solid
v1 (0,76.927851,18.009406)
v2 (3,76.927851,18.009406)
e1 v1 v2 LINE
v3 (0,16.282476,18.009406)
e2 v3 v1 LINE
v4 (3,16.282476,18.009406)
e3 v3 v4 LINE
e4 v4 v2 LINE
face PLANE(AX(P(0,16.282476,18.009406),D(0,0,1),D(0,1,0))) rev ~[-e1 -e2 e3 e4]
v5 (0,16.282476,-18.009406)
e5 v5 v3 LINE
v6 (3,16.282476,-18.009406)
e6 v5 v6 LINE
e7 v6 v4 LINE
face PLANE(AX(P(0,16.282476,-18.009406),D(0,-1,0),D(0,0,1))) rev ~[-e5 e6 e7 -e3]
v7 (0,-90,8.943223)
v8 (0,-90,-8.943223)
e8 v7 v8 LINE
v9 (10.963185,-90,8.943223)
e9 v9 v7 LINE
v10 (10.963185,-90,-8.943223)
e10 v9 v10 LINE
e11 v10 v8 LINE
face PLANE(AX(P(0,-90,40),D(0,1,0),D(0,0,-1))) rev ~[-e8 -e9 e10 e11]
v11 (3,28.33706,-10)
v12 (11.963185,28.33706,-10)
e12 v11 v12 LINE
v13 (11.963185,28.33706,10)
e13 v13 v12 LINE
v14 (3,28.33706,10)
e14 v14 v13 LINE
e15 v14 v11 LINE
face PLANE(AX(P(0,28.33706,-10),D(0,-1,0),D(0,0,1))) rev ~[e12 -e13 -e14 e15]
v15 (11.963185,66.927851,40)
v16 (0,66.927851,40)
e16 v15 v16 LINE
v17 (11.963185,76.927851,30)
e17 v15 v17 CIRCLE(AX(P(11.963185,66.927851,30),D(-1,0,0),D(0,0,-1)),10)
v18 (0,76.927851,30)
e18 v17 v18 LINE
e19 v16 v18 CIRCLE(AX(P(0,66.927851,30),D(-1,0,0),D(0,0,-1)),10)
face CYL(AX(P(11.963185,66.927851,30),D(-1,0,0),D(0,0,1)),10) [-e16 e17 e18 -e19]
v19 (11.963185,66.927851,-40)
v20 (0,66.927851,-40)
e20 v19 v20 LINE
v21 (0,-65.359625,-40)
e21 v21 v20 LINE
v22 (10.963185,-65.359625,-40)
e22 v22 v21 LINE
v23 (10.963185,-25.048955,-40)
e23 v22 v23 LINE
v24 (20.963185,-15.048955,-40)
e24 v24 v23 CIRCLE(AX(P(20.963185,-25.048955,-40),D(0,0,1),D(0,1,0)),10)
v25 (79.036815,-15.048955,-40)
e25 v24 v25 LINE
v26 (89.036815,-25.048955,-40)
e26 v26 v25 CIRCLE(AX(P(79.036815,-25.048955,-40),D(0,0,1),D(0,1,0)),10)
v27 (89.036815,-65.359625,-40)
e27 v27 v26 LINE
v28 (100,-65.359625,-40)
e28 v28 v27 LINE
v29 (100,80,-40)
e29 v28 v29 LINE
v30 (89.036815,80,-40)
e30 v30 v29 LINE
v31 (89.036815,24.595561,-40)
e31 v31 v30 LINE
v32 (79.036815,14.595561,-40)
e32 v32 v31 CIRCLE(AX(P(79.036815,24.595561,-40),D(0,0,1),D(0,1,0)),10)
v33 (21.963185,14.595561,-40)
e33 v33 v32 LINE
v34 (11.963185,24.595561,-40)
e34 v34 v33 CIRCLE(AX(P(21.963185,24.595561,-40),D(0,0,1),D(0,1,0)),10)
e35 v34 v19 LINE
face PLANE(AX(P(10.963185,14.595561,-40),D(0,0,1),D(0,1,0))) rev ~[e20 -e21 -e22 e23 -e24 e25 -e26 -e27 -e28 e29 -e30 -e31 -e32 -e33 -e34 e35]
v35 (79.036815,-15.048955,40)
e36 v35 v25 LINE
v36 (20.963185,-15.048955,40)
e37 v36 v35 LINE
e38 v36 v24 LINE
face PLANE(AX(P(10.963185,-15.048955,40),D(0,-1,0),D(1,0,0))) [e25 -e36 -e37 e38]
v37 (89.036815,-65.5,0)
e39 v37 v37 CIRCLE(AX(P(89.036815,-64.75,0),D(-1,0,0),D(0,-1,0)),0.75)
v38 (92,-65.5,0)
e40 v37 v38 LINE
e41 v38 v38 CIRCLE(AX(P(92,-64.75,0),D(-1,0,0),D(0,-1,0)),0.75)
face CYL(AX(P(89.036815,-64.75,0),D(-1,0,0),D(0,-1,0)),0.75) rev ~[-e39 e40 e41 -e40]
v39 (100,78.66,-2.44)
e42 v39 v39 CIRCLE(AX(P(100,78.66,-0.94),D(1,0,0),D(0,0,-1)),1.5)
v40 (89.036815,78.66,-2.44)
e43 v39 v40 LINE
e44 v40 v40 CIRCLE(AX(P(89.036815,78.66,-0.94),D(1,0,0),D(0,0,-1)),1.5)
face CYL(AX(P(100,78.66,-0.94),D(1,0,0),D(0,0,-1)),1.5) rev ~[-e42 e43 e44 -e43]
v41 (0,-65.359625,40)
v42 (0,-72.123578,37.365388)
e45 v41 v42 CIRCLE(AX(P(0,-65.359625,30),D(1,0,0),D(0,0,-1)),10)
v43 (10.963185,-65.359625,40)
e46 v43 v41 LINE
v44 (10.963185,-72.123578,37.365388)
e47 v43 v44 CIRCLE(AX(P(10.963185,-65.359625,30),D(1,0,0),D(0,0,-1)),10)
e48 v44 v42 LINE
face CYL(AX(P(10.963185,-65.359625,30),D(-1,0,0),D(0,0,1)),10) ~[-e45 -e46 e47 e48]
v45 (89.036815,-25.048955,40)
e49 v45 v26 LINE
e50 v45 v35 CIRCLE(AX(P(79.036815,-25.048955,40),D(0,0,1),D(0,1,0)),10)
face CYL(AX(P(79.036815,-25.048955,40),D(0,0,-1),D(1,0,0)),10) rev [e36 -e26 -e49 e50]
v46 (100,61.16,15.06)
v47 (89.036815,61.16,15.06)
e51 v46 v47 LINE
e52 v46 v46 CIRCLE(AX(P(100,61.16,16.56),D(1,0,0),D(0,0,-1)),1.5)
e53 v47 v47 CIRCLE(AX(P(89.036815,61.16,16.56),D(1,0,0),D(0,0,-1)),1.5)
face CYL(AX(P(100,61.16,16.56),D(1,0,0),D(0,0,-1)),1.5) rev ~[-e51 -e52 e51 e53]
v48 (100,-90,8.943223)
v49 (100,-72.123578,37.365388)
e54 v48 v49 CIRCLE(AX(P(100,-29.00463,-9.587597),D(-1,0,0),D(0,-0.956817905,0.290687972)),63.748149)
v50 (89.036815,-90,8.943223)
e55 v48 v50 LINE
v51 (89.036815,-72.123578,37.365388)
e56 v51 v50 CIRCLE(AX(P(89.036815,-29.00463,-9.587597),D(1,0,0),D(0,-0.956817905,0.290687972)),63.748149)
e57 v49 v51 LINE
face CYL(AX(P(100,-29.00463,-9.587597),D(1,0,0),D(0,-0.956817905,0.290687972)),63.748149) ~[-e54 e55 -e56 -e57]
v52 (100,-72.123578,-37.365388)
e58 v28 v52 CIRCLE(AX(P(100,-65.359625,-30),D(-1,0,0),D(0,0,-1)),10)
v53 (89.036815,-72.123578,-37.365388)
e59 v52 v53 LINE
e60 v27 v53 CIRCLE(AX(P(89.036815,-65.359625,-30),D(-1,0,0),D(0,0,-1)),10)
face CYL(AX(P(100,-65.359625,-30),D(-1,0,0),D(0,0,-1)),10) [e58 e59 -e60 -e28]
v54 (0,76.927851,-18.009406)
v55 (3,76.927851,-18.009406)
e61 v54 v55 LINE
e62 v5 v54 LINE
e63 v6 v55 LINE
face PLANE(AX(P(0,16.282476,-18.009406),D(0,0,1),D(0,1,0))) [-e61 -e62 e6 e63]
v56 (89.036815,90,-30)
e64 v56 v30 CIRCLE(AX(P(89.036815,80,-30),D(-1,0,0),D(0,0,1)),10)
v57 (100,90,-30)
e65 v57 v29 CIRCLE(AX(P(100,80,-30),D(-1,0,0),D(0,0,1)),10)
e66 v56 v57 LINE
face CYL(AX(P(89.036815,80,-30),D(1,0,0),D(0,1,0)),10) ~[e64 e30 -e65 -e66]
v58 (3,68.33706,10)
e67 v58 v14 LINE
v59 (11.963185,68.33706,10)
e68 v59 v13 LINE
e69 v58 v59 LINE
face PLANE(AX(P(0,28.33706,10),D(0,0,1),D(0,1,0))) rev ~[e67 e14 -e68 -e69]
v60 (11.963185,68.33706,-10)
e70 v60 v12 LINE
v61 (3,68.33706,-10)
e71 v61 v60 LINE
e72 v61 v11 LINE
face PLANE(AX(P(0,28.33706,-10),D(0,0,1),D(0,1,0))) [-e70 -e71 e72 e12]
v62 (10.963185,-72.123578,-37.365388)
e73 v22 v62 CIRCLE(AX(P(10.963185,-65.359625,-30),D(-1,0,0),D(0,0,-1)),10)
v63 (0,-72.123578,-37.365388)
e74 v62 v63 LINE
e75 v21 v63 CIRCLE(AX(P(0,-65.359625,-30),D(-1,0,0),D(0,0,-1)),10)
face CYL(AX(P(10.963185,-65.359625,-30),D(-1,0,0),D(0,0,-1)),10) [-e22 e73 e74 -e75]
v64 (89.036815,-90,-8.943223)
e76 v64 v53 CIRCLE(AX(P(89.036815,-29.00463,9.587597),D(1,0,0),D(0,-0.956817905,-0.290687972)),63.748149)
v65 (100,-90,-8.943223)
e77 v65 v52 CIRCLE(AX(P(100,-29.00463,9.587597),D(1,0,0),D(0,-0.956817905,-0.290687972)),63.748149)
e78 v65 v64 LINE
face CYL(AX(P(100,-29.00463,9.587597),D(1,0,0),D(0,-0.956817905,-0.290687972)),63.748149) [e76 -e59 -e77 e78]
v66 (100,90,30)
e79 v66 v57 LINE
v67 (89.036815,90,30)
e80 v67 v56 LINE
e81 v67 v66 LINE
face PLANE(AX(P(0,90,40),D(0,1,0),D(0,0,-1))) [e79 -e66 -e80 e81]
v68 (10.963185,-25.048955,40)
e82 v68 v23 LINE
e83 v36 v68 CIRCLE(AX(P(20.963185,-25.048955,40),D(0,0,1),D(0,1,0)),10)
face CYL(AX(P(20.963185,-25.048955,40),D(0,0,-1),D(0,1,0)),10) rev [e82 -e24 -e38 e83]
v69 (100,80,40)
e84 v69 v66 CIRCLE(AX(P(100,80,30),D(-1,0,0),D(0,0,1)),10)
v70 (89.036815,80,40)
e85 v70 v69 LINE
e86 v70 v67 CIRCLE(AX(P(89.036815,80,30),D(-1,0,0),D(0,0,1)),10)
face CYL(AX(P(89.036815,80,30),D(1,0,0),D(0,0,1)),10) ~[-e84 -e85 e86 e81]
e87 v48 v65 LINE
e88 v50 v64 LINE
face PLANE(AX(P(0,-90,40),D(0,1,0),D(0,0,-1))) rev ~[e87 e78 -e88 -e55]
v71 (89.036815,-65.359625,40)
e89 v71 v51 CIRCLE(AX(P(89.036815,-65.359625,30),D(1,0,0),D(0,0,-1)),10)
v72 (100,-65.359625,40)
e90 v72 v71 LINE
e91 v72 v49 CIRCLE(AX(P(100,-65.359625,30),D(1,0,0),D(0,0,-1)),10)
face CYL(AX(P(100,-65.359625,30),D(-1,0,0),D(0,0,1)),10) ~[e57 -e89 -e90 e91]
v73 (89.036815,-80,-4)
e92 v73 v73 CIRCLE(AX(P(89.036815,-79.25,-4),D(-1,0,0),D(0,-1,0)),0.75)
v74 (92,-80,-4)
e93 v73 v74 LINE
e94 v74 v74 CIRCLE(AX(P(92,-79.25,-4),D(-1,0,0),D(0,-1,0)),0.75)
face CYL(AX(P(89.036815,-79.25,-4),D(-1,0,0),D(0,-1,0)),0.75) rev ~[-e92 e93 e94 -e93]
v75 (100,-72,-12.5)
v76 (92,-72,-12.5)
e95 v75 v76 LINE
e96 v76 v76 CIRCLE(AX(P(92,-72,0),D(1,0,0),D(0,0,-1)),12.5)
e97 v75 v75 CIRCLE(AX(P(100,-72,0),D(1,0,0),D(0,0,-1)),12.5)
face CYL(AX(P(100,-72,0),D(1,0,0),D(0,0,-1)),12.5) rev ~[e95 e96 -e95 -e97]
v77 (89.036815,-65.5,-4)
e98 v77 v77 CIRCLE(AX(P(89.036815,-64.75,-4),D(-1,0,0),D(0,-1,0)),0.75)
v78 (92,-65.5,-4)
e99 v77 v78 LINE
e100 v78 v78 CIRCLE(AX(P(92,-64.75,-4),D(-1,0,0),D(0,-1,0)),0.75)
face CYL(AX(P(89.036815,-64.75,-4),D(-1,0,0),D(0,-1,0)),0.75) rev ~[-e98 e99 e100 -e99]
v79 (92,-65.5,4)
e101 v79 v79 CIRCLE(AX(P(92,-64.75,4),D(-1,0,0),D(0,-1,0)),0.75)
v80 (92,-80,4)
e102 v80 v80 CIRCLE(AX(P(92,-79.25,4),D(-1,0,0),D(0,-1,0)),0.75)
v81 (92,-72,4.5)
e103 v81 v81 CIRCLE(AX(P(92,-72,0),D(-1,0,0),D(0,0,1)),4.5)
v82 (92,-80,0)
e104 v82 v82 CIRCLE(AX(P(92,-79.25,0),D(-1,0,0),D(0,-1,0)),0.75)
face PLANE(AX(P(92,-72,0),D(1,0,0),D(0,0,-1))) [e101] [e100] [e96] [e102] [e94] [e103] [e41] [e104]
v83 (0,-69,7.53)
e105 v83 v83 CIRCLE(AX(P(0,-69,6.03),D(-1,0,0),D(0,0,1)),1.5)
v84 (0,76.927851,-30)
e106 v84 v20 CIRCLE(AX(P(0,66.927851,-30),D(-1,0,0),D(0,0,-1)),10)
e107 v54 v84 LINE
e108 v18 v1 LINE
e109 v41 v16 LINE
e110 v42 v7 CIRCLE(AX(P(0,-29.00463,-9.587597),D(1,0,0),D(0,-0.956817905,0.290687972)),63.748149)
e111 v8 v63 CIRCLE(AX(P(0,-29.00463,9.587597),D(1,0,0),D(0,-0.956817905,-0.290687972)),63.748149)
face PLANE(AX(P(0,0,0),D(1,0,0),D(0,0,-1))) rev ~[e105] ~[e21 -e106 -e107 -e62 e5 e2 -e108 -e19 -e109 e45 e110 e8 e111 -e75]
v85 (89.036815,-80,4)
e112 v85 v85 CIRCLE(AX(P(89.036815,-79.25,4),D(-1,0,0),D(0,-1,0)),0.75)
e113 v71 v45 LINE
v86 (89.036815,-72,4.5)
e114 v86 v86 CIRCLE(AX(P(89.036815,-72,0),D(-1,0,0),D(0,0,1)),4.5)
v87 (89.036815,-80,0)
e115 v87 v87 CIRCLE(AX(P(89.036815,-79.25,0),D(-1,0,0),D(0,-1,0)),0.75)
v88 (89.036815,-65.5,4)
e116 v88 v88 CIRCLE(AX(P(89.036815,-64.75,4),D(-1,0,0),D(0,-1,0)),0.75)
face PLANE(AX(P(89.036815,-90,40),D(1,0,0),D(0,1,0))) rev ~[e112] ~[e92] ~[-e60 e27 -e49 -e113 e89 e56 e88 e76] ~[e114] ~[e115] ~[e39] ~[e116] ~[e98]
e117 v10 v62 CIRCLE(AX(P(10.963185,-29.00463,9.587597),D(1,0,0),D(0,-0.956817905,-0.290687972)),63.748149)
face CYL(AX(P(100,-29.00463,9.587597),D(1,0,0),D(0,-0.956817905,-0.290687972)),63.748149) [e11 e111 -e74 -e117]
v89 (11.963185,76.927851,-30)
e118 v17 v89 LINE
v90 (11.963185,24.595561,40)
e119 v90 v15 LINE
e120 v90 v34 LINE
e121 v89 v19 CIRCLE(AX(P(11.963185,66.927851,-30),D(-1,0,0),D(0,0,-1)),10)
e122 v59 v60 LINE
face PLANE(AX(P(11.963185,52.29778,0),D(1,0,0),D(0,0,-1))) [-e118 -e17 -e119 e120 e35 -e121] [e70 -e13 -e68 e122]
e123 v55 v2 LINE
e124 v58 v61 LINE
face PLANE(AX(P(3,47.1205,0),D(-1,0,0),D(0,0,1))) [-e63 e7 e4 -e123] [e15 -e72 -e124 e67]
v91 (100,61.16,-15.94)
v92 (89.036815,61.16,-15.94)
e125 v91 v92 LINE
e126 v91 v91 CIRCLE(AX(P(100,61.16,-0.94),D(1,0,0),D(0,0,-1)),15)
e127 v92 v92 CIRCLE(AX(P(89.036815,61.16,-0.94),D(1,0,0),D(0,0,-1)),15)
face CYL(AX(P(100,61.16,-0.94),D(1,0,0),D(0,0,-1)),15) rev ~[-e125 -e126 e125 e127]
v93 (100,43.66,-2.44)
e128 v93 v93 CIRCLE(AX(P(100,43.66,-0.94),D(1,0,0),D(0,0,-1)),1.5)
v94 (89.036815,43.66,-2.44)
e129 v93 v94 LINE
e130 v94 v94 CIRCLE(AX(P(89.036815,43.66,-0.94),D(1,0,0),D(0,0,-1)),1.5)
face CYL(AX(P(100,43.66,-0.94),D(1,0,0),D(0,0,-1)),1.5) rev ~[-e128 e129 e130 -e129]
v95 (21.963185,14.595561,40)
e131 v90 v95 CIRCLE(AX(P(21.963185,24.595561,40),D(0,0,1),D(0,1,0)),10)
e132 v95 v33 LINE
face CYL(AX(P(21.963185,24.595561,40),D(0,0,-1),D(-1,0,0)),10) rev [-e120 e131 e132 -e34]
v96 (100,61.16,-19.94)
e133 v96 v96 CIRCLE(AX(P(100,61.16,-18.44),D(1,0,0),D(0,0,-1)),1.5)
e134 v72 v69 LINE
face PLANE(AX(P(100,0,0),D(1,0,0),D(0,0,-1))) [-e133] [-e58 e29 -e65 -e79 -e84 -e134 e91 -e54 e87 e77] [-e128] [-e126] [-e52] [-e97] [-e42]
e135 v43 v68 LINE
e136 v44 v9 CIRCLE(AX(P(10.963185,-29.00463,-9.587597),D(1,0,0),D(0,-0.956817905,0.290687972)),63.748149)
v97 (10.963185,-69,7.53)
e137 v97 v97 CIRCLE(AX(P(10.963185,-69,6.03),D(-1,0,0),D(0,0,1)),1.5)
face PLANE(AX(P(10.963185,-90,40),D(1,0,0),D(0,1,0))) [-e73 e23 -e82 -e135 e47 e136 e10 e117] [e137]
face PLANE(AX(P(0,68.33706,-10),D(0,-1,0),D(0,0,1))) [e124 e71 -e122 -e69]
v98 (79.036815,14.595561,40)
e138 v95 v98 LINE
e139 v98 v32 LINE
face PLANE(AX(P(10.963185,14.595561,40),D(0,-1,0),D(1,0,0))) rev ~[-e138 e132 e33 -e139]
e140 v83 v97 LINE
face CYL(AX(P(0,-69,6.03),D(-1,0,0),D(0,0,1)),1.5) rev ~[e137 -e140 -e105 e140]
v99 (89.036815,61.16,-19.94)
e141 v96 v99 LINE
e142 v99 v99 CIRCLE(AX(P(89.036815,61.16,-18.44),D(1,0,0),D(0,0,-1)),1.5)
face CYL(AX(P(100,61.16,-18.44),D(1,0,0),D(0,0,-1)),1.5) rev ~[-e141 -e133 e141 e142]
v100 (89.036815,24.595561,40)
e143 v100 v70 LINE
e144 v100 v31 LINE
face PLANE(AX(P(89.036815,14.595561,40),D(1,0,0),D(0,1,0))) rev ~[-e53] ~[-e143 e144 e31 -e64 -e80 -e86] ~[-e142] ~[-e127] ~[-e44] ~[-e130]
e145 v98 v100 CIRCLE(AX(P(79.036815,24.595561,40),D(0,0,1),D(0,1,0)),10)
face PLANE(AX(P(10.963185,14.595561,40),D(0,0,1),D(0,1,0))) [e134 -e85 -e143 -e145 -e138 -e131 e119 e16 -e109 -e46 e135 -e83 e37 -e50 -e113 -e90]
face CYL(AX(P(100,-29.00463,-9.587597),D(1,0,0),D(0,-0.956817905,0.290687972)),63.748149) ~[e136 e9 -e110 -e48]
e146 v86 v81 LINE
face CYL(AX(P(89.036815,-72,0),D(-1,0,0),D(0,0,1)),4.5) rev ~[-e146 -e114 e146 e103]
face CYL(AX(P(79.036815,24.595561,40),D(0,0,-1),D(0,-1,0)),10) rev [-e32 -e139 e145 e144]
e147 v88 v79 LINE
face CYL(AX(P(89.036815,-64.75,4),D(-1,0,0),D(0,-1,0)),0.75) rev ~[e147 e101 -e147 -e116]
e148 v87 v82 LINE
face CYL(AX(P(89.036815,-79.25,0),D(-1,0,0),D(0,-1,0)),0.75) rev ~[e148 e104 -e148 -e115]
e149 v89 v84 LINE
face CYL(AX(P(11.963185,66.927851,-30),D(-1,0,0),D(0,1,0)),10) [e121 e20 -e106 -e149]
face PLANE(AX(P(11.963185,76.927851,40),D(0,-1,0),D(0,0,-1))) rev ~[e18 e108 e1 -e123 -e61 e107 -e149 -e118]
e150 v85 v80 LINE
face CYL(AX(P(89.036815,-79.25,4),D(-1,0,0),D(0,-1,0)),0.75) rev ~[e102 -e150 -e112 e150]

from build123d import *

# Parameters (mm, degrees)
SKETCH1_W           = 80
SKETCH1_H           = 180
BOSS_EXTRUDE1_DEPTH = 100
SKETCH2_W           = 78.07363092
SKETCH2_H           = 74.951044638
CUT_EXTRUDE1_DEPTH  = 90
SKETCH3_R           = 12.5
CUT_EXTRUDE2_DEPTH  = 8
SKETCH4_R           = 0.75
CUT_EXTRUDE3_DEPTH  = 8
SKETCH5_R           = 1.5
CUT_EXTRUDE4_DEPTH  = 18
CUT_EXTRUDE5_DEPTH  = 110
SKETCH8_W           = 78.07363092
SKETCH8_H           = 150.808878852
CUT_EXTRUDE7_DEPTH  = 110
SKETCH12_W          = 80
SKETCH12_H          = 75.404439426
BOSS_EXTRUDE2_DEPTH = 1
SKETCH13_W          = 20
SKETCH13_H          = 40
CUT_EXTRUDE9_DEPTH  = 18
SKETCH14_W          = 36.018811194
SKETCH14_H          = 61.676046566
CUT_EXTRUDE10_DEPTH = 3
SKETCH15_W          = 80
SKETCH15_H          = 13.072149311
CUT_EXTRUDE11_DEPTH = 30
SKETCH16_R          = 15
CUT_EXTRUDE12_DEPTH = 30
SKETCH17_R          = 1.5
CUT_EXTRUDE13_DEPTH = 13
FILLET1_R           = 10
FILLET2_R           = 10
FILLET3_R           = 10


with BuildPart() as part:
    # Sketch1 → Boss-Extrude1 (new body)
    with BuildSketch(Plane(origin=(0, 0, 0), x_dir=(0, 0, -1), z_dir=(1, 0, 0))):
        Rectangle(SKETCH1_W, SKETCH1_H)
    extrude(amount=BOSS_EXTRUDE1_DEPTH)

    # Sketch2 → Cut-Extrude1 (cut)
    with BuildSketch(Plane.XY.offset(40)):
        with Locations((50, -52.524477681)):
            Rectangle(SKETCH2_W, SKETCH2_H)
    extrude(amount=-CUT_EXTRUDE1_DEPTH, mode=Mode.SUBTRACT)

    # Sketch3 → Cut-Extrude2 (cut)
    with BuildSketch(Plane(origin=(100, 0, 0), x_dir=(0, 0, -1), z_dir=(1, 0, 0))):
        with Locations((0, -72)):
            Circle(SKETCH3_R)
    extrude(amount=-CUT_EXTRUDE2_DEPTH, mode=Mode.SUBTRACT)

    # Sketch4 → Cut-Extrude3 (cut)
    with BuildSketch(Plane.ZY.offset(-89.03681546)):
        with BuildLine():
            ThreePointArc((-4.5, -72), (0, -76.5), (4.5, -72))
            Line((4.5, -72), (-4.5, -72))
        make_face()
        with BuildLine():
            Line((-4.5, -72), (4.5, -72))
            ThreePointArc((4.5, -72), (0, -67.5), (-4.5, -72))
        make_face()
        with Locations(Location((-4, -64.75, 0), (0, 0, 270))):
            Circle(SKETCH4_R)
        with Locations(Location((0, -64.75, 0), (0, 0, 270))):
            Circle(SKETCH4_R)
        with Locations(Location((4, -64.75, 0), (0, 0, 270))):
            Circle(SKETCH4_R)
        with Locations(Location((4, -79.25, 0), (0, 0, 270))):
            Circle(SKETCH4_R)
        with Locations(Location((0, -79.25, 0), (0, 0, 270))):
            Circle(SKETCH4_R)
        with Locations(Location((-4, -79.25, 0), (0, 0, 270))):
            Circle(SKETCH4_R)
    extrude(amount=-CUT_EXTRUDE3_DEPTH, mode=Mode.SUBTRACT)

    # Sketch5 → Cut-Extrude4 (cut)
    with BuildSketch(Plane.ZY):
        with Locations((6.03, -69)):
            Circle(SKETCH5_R)
    extrude(amount=-CUT_EXTRUDE4_DEPTH, mode=Mode.SUBTRACT)

    # Sketch6 → Cut-Extrude5 (cut)
    with BuildSketch(Plane(origin=(100, 0, 0), x_dir=(0, 0, -1), z_dir=(1, 0, 0))):
        with BuildLine():
            Line((40, -69.065791889), (40, -90))
            Line((40, -90), (8.943223126, -90))
            ThreePointArc((8.943223126, -90), (26.043708831, -81.865168262), (40, -69.065791889))
        make_face()
        with BuildLine():
            Line((-40, -69.065791889), (-40, -90))
            Line((-40, -90), (-8.943223126, -90))
            ThreePointArc((-8.943223126, -90), (-26.043708831, -81.865168262), (-40, -69.065791889))
        make_face()
    extrude(amount=-CUT_EXTRUDE5_DEPTH, mode=Mode.SUBTRACT)

    # Sketch8 → Cut-Extrude7 (cut)
    with BuildSketch(Plane.XY.offset(40)):
        with Locations((50, 90)):
            Rectangle(SKETCH8_W, SKETCH8_H)
    extrude(amount=-CUT_EXTRUDE7_DEPTH, mode=Mode.SUBTRACT)

    # Sketch12 → Boss-Extrude2 (add)
    with BuildSketch(Plane(origin=(10.96318454, 0, 0), x_dir=(0, 0, -1), z_dir=(1, 0, 0))):
        with Locations((0, 52.297780287)):
            Rectangle(SKETCH12_W, SKETCH12_H)
    extrude(amount=BOSS_EXTRUDE2_DEPTH)

    # Sketch13 → Cut-Extrude9 (cut)
    with BuildSketch(Plane.ZY):
        with Locations((0, 48.337059594)):
            Rectangle(SKETCH13_W, SKETCH13_H)
    extrude(amount=-CUT_EXTRUDE9_DEPTH, mode=Mode.SUBTRACT)

    # Sketch14 → Cut-Extrude10 (cut)
    with BuildSketch(Plane.ZY):
        with Locations((0, 47.120499576)):
            Rectangle(SKETCH14_W, SKETCH14_H)
    extrude(amount=-CUT_EXTRUDE10_DEPTH, mode=Mode.SUBTRACT)

    # Sketch15 → Cut-Extrude11 (cut)
    with BuildSketch(Plane(origin=(11.96318454, 0, 0), x_dir=(0, 0, -1), z_dir=(1, 0, 0))):
        with Locations((0, 83.463925345)):
            Rectangle(SKETCH15_W, SKETCH15_H)
    extrude(amount=-CUT_EXTRUDE11_DEPTH, mode=Mode.SUBTRACT)

    # Sketch16 → Cut-Extrude12 (cut)
    with BuildSketch(Plane(origin=(100, 0, 0), x_dir=(0, 0, -1), z_dir=(1, 0, 0))):
        with Locations((0.94, 61.16)):
            Circle(SKETCH16_R)
    extrude(amount=-CUT_EXTRUDE12_DEPTH, mode=Mode.SUBTRACT)

    # Sketch17 → Cut-Extrude13 (cut)
    with BuildSketch(Plane(origin=(100, 0, 0), x_dir=(0, 0, -1), z_dir=(1, 0, 0))):
        with Locations((0.94, 78.66)):
            Circle(SKETCH17_R)
        with Locations((18.44, 61.16)):
            Circle(SKETCH17_R)
        with Locations((0.94, 43.66)):
            Circle(SKETCH17_R)
        with Locations((-16.56, 61.16)):
            Circle(SKETCH17_R)
    extrude(amount=-CUT_EXTRUDE13_DEPTH, mode=Mode.SUBTRACT)

    # Fillet1
    fillet1_edges = [part.edges().sort_by_distance(p)[0] for p in [
        (89.03681546, 14.595560574, 0),
        (11.96318454, 14.595560574, 0),
        (89.03681546, -15.048955362, 0),
        (10.96318454, -15.048955362, 0),
    ]]
    fillet(fillet1_edges, radius=FILLET1_R)

    # Fillet2
    fillet2_edges = [part.edges().sort_by_distance(p)[0] for p in [
        (5.98159227, 76.927850689, 40),
        (5.98159227, 76.927850689, -40),
        (94.51840773, 90, 40),
        (94.51840773, 90, -40),
    ]]
    fillet(fillet2_edges, radius=FILLET2_R)

    # Fillet3
    fillet3_edges = [part.edges().sort_by_distance(p)[0] for p in [
        (94.51840773, -69.065791889, 40),
        (5.48159227, -69.065791889, 40),
        (94.51840773, -69.065791889, -40),
        (5.48159227, -69.065791889, -40),
    ]]
    fillet(fillet3_edges, radius=FILLET3_R)


solid = part.part
